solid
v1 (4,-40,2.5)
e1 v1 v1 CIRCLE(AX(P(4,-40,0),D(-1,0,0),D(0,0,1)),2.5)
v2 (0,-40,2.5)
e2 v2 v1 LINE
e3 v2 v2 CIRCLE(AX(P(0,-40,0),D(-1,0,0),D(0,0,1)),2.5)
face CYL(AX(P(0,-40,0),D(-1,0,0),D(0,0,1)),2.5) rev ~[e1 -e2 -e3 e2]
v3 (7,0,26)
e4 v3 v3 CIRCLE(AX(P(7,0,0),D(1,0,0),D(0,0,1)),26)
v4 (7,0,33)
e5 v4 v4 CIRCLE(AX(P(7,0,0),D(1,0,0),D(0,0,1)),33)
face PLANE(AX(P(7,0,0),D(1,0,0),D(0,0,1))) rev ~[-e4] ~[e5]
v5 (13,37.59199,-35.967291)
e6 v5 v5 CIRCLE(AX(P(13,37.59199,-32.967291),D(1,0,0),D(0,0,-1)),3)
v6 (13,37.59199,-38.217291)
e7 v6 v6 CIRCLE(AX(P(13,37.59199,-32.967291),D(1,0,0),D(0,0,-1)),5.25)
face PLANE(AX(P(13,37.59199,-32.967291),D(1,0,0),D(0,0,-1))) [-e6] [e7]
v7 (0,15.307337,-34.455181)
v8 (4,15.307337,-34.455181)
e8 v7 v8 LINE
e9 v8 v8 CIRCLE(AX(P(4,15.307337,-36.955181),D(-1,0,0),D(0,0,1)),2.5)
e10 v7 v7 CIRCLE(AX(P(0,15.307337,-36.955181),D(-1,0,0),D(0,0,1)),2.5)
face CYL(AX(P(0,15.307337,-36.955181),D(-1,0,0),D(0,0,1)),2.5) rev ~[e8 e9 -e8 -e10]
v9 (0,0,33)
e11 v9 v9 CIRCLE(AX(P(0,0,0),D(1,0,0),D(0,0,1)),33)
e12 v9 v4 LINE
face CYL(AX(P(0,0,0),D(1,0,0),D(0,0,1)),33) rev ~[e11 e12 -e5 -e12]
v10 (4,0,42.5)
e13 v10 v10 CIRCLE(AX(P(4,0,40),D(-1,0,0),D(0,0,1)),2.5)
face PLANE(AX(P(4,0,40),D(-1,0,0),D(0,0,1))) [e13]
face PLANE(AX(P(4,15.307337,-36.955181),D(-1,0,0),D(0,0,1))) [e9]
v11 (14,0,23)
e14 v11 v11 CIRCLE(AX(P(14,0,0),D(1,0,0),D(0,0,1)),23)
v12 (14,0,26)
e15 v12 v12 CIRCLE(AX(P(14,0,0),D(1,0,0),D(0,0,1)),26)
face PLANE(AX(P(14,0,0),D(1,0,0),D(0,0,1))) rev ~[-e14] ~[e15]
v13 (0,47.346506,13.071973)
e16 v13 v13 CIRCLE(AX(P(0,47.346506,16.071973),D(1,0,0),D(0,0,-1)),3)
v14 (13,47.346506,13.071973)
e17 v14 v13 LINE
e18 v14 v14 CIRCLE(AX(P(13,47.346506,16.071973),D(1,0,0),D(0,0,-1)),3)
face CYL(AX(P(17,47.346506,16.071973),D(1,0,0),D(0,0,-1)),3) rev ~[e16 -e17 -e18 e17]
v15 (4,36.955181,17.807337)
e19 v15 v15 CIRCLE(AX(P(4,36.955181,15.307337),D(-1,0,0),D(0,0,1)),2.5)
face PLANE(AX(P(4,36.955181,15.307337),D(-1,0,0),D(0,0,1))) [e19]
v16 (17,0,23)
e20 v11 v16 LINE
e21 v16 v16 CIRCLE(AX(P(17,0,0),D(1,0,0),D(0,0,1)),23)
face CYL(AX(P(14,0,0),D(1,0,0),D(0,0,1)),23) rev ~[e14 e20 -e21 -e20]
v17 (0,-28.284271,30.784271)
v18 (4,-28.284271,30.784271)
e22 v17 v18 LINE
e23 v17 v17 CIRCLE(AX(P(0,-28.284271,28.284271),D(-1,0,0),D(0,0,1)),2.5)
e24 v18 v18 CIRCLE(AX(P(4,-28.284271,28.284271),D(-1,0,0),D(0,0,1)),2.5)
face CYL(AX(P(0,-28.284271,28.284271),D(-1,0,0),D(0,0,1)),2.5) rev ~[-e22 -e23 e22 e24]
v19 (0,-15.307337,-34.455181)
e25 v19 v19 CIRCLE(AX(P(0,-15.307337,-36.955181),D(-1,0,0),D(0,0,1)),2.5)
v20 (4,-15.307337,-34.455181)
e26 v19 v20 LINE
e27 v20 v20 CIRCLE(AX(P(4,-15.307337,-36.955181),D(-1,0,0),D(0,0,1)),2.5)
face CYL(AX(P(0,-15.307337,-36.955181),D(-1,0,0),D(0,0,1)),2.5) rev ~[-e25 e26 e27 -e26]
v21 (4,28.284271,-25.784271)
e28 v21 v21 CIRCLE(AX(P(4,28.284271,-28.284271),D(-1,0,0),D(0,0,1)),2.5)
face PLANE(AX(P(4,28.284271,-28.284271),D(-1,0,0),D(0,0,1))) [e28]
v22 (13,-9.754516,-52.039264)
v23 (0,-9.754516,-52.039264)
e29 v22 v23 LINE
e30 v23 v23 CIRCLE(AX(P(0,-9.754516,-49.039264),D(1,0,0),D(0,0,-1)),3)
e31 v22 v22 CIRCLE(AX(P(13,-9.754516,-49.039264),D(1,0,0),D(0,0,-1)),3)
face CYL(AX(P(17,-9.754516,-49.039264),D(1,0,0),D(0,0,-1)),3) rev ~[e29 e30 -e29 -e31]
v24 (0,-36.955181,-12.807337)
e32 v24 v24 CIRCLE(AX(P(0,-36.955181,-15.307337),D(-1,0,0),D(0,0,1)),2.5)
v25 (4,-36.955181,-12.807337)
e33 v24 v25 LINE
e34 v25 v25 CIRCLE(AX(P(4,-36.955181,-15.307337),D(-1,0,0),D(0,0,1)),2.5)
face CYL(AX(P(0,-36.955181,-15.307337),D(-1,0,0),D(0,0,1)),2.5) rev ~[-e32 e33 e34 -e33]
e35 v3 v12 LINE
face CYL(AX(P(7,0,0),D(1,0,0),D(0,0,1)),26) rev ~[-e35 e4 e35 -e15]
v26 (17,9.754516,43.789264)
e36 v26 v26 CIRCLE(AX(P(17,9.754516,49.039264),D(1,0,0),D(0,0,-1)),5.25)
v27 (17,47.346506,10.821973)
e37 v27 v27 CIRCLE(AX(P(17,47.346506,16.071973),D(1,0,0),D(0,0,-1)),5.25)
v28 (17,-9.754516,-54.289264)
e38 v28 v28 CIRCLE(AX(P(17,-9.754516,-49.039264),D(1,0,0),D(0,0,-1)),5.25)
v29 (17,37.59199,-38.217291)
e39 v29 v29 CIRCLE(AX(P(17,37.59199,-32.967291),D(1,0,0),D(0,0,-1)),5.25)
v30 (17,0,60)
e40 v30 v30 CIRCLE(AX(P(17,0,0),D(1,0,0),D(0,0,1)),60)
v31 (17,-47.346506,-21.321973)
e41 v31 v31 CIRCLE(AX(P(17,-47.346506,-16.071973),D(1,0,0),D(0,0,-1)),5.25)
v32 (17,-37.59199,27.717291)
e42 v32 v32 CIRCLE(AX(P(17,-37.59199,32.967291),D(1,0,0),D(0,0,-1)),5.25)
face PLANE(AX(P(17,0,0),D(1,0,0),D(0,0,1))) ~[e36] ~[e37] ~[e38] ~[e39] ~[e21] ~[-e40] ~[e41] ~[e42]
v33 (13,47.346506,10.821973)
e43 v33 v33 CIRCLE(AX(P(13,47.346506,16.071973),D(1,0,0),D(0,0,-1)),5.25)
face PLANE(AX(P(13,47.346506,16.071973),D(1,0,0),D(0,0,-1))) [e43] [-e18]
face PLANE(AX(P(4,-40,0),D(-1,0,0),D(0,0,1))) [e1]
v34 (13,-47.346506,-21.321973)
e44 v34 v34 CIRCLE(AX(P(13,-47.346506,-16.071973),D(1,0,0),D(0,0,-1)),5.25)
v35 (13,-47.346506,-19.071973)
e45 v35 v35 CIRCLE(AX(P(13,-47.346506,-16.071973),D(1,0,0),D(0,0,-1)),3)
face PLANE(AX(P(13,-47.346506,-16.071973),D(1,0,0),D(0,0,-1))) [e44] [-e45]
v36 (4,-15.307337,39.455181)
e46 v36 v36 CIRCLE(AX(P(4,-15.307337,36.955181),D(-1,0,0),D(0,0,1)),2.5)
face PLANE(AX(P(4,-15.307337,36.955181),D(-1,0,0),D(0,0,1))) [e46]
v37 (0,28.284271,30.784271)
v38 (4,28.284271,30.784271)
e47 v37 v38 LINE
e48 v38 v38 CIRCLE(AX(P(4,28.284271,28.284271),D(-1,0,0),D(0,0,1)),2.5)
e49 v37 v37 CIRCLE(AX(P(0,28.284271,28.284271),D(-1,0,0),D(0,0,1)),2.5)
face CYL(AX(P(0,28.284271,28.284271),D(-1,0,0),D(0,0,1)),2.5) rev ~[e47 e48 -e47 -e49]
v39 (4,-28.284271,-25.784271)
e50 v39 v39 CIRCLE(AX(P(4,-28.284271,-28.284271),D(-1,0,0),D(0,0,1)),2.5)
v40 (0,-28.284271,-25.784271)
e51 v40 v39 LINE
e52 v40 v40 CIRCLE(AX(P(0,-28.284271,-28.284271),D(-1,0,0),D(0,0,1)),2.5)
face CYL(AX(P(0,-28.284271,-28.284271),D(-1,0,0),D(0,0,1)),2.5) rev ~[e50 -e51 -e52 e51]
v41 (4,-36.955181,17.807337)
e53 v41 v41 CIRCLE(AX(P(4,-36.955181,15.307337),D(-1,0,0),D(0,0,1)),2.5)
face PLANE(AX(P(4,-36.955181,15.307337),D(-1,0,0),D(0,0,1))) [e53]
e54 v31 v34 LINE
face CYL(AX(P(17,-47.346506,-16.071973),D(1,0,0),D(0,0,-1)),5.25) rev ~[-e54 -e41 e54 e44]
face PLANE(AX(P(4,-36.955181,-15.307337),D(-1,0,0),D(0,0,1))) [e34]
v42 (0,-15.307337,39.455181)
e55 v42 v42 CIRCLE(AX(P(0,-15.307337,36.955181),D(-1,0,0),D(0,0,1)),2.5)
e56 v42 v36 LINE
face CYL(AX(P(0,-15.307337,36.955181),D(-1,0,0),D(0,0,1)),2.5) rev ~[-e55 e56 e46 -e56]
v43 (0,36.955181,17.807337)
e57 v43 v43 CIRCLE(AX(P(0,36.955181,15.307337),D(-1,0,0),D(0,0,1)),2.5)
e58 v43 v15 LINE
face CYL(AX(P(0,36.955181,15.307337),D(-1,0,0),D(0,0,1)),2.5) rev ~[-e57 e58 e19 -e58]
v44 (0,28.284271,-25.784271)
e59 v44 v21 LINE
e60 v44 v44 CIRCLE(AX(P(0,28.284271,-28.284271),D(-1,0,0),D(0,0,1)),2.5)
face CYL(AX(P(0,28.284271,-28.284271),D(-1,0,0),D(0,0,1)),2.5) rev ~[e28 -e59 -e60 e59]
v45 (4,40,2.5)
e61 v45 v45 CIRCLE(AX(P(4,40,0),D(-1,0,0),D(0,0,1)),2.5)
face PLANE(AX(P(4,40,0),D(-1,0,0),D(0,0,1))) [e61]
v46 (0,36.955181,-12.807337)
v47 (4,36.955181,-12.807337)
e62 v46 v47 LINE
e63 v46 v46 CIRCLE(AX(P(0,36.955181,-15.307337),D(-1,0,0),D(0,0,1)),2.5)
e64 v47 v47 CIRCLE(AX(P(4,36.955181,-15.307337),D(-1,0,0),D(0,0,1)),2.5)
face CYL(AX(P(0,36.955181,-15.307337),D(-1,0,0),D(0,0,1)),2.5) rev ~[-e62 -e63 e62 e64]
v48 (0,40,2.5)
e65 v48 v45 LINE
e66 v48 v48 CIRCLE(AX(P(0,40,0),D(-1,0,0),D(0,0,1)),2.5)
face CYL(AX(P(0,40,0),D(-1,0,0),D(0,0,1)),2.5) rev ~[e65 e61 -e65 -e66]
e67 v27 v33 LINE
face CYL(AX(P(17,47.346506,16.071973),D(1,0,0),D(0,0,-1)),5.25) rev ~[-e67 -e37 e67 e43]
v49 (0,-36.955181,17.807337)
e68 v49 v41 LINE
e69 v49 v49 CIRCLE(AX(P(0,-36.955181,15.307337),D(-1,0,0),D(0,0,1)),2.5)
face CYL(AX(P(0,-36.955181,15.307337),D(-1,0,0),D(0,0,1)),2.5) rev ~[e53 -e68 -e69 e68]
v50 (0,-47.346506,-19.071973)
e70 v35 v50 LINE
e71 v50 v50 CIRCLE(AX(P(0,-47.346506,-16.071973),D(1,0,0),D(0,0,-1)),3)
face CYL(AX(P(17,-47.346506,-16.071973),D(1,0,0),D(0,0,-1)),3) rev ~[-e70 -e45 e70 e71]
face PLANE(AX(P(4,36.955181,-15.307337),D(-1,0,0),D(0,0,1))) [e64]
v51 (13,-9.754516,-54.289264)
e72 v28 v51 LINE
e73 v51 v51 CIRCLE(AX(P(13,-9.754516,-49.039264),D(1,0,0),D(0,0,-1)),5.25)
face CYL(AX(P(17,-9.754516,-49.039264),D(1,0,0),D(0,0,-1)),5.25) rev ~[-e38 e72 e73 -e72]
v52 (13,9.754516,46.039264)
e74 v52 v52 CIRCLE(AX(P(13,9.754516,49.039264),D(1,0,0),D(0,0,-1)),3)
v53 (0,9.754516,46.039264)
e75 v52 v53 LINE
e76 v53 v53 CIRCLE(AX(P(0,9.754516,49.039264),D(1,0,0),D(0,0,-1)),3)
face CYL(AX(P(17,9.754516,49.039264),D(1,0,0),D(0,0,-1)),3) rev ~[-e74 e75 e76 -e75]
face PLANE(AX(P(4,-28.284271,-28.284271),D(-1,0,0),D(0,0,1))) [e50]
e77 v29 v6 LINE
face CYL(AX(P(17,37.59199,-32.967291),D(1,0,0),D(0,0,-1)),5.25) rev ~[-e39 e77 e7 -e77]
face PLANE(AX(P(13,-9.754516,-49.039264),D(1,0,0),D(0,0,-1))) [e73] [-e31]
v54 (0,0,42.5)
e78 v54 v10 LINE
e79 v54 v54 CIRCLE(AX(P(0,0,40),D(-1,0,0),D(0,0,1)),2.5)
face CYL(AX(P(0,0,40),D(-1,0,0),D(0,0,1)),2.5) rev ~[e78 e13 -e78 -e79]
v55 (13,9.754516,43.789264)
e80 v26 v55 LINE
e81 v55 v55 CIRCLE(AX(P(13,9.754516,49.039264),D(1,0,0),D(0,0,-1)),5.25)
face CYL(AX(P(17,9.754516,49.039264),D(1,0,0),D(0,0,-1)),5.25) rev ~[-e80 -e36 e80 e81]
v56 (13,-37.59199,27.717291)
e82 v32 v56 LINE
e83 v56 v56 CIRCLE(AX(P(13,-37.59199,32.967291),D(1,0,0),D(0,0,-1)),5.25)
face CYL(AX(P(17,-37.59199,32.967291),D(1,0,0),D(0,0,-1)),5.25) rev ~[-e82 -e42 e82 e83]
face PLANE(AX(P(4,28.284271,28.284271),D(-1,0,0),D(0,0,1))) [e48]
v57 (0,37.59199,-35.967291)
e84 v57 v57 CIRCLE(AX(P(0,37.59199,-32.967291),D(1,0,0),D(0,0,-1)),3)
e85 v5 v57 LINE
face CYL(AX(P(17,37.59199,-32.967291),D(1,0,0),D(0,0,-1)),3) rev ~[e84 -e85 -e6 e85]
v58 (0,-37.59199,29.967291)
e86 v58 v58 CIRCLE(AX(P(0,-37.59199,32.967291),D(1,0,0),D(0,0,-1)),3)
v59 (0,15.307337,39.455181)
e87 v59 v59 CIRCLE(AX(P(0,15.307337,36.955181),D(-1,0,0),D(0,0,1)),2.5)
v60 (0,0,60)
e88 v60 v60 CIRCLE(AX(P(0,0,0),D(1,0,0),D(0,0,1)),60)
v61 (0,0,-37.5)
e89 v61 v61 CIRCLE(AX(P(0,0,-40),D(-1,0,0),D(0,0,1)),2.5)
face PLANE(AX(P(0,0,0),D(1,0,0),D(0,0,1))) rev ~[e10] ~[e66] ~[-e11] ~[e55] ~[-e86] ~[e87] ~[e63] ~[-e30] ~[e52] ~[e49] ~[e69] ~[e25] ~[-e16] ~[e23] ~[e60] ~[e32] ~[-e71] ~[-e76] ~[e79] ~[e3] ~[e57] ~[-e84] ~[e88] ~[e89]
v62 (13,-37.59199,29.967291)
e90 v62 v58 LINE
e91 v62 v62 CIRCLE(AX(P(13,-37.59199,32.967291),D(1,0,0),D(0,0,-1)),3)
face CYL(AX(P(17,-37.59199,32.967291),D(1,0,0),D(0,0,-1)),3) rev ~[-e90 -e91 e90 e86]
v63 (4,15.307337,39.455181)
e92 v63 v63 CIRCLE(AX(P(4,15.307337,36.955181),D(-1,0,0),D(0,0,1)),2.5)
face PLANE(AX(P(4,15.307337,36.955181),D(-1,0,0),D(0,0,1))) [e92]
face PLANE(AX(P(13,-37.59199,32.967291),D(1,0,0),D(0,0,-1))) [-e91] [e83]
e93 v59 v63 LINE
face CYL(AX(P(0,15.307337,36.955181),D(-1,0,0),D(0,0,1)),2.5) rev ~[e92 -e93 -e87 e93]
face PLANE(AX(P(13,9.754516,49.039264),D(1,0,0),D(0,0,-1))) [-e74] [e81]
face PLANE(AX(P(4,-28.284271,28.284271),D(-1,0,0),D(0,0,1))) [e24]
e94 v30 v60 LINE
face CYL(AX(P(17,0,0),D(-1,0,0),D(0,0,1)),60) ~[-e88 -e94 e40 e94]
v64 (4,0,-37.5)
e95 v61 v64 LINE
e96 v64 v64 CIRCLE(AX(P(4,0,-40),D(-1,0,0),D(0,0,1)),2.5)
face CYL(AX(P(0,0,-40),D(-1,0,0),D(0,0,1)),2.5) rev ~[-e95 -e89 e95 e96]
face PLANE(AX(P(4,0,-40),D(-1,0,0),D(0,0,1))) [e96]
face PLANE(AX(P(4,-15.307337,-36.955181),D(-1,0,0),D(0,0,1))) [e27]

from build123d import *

# Parameters (mm, degrees)
SKETCH2_R          = 2.5
CUT_EXTRUDE1_DEPTH = 4
SKETCH3_R          = 3
CUT_EXTRUDE4_DEPTH = 87.539008545
SKETCH4_R          = 5.25
CUT_EXTRUDE5_DEPTH = 4


with BuildPart() as part:
    # Sketch1 → Revolve1 (revolve)
    with BuildSketch(Plane.XY, mode=Mode.PRIVATE) as revolve1_sk:
        Polygon((0, 60), (0, 33), (7, 33), (7, 26), (14, 26), (14, 23), (17, 23), (17, 60), align=None)
    revolve(revolve1_sk.sketch.rotate(Axis((0, 0, 0), (1, 0, 0)), 90), axis=Axis((0, 0, 0), (1, 0, 0)))

    # Sketch2 → Cut-Extrude1 (cut)
    with BuildSketch(Plane.ZY):
        with Locations((0, 40)):
            Circle(SKETCH2_R)
        with Locations((15.307337295, 36.9551813)):
            Circle(SKETCH2_R)
        with Locations((28.284271247, 28.284271247)):
            Circle(SKETCH2_R)
        with Locations((36.9551813, 15.307337295)):
            Circle(SKETCH2_R)
        with Locations((40, 0)):
            Circle(SKETCH2_R)
        with Locations((36.9551813, -15.307337295)):
            Circle(SKETCH2_R)
        with Locations((28.284271247, -28.284271247)):
            Circle(SKETCH2_R)
        with Locations((15.307337295, -36.9551813)):
            Circle(SKETCH2_R)
        with Locations((0, -40)):
            Circle(SKETCH2_R)
        with Locations((-15.307337295, -36.9551813)):
            Circle(SKETCH2_R)
        with Locations((-28.284271247, -28.284271247)):
            Circle(SKETCH2_R)
        with Locations((-36.9551813, -15.307337295)):
            Circle(SKETCH2_R)
        with Locations((-40, 0)):
            Circle(SKETCH2_R)
        with Locations((-36.9551813, 15.307337295)):
            Circle(SKETCH2_R)
        with Locations((-28.284271247, 28.284271247)):
            Circle(SKETCH2_R)
        with Locations((-15.307337295, 36.9551813)):
            Circle(SKETCH2_R)
    extrude(amount=-CUT_EXTRUDE1_DEPTH, mode=Mode.SUBTRACT)

    # Sketch3 → Cut-Extrude4 (cut, through all)
    with BuildSketch(Plane(origin=(17, 0, 0), x_dir=(0, 0, -1), z_dir=(1, 0, 0))):
        with Locations((49.03926402, -9.754516101)):
            Circle(SKETCH3_R)
        with Locations((16.071973265, -47.346506475)):
            Circle(SKETCH3_R)
        with Locations((-32.967290755, -37.591990374)):
            Circle(SKETCH3_R)
        with Locations((-49.03926402, 9.754516101)):
            Circle(SKETCH3_R)
        with Locations((-16.071973265, 47.346506475)):
            Circle(SKETCH3_R)
        with Locations((32.967290755, 37.591990374)):
            Circle(SKETCH3_R)
    extrude(amount=-CUT_EXTRUDE4_DEPTH, mode=Mode.SUBTRACT)

    # Sketch4 → Cut-Extrude5 (cut)
    with BuildSketch(Plane(origin=(17, 0, 0), x_dir=(0, 0, -1), z_dir=(1, 0, 0))):
        with Locations((32.967290755, 37.591990374)):
            Circle(SKETCH4_R)
        with Locations((49.03926402, -9.754516101)):
            Circle(SKETCH4_R)
        with Locations((16.071973265, -47.346506475)):
            Circle(SKETCH4_R)
        with Locations((-32.967290755, -37.591990374)):
            Circle(SKETCH4_R)
        with Locations((-49.03926402, 9.754516101)):
            Circle(SKETCH4_R)
        with Locations((-16.071973265, 47.346506475)):
            Circle(SKETCH4_R)
    extrude(amount=-CUT_EXTRUDE5_DEPTH, mode=Mode.SUBTRACT)


solid = part.part
